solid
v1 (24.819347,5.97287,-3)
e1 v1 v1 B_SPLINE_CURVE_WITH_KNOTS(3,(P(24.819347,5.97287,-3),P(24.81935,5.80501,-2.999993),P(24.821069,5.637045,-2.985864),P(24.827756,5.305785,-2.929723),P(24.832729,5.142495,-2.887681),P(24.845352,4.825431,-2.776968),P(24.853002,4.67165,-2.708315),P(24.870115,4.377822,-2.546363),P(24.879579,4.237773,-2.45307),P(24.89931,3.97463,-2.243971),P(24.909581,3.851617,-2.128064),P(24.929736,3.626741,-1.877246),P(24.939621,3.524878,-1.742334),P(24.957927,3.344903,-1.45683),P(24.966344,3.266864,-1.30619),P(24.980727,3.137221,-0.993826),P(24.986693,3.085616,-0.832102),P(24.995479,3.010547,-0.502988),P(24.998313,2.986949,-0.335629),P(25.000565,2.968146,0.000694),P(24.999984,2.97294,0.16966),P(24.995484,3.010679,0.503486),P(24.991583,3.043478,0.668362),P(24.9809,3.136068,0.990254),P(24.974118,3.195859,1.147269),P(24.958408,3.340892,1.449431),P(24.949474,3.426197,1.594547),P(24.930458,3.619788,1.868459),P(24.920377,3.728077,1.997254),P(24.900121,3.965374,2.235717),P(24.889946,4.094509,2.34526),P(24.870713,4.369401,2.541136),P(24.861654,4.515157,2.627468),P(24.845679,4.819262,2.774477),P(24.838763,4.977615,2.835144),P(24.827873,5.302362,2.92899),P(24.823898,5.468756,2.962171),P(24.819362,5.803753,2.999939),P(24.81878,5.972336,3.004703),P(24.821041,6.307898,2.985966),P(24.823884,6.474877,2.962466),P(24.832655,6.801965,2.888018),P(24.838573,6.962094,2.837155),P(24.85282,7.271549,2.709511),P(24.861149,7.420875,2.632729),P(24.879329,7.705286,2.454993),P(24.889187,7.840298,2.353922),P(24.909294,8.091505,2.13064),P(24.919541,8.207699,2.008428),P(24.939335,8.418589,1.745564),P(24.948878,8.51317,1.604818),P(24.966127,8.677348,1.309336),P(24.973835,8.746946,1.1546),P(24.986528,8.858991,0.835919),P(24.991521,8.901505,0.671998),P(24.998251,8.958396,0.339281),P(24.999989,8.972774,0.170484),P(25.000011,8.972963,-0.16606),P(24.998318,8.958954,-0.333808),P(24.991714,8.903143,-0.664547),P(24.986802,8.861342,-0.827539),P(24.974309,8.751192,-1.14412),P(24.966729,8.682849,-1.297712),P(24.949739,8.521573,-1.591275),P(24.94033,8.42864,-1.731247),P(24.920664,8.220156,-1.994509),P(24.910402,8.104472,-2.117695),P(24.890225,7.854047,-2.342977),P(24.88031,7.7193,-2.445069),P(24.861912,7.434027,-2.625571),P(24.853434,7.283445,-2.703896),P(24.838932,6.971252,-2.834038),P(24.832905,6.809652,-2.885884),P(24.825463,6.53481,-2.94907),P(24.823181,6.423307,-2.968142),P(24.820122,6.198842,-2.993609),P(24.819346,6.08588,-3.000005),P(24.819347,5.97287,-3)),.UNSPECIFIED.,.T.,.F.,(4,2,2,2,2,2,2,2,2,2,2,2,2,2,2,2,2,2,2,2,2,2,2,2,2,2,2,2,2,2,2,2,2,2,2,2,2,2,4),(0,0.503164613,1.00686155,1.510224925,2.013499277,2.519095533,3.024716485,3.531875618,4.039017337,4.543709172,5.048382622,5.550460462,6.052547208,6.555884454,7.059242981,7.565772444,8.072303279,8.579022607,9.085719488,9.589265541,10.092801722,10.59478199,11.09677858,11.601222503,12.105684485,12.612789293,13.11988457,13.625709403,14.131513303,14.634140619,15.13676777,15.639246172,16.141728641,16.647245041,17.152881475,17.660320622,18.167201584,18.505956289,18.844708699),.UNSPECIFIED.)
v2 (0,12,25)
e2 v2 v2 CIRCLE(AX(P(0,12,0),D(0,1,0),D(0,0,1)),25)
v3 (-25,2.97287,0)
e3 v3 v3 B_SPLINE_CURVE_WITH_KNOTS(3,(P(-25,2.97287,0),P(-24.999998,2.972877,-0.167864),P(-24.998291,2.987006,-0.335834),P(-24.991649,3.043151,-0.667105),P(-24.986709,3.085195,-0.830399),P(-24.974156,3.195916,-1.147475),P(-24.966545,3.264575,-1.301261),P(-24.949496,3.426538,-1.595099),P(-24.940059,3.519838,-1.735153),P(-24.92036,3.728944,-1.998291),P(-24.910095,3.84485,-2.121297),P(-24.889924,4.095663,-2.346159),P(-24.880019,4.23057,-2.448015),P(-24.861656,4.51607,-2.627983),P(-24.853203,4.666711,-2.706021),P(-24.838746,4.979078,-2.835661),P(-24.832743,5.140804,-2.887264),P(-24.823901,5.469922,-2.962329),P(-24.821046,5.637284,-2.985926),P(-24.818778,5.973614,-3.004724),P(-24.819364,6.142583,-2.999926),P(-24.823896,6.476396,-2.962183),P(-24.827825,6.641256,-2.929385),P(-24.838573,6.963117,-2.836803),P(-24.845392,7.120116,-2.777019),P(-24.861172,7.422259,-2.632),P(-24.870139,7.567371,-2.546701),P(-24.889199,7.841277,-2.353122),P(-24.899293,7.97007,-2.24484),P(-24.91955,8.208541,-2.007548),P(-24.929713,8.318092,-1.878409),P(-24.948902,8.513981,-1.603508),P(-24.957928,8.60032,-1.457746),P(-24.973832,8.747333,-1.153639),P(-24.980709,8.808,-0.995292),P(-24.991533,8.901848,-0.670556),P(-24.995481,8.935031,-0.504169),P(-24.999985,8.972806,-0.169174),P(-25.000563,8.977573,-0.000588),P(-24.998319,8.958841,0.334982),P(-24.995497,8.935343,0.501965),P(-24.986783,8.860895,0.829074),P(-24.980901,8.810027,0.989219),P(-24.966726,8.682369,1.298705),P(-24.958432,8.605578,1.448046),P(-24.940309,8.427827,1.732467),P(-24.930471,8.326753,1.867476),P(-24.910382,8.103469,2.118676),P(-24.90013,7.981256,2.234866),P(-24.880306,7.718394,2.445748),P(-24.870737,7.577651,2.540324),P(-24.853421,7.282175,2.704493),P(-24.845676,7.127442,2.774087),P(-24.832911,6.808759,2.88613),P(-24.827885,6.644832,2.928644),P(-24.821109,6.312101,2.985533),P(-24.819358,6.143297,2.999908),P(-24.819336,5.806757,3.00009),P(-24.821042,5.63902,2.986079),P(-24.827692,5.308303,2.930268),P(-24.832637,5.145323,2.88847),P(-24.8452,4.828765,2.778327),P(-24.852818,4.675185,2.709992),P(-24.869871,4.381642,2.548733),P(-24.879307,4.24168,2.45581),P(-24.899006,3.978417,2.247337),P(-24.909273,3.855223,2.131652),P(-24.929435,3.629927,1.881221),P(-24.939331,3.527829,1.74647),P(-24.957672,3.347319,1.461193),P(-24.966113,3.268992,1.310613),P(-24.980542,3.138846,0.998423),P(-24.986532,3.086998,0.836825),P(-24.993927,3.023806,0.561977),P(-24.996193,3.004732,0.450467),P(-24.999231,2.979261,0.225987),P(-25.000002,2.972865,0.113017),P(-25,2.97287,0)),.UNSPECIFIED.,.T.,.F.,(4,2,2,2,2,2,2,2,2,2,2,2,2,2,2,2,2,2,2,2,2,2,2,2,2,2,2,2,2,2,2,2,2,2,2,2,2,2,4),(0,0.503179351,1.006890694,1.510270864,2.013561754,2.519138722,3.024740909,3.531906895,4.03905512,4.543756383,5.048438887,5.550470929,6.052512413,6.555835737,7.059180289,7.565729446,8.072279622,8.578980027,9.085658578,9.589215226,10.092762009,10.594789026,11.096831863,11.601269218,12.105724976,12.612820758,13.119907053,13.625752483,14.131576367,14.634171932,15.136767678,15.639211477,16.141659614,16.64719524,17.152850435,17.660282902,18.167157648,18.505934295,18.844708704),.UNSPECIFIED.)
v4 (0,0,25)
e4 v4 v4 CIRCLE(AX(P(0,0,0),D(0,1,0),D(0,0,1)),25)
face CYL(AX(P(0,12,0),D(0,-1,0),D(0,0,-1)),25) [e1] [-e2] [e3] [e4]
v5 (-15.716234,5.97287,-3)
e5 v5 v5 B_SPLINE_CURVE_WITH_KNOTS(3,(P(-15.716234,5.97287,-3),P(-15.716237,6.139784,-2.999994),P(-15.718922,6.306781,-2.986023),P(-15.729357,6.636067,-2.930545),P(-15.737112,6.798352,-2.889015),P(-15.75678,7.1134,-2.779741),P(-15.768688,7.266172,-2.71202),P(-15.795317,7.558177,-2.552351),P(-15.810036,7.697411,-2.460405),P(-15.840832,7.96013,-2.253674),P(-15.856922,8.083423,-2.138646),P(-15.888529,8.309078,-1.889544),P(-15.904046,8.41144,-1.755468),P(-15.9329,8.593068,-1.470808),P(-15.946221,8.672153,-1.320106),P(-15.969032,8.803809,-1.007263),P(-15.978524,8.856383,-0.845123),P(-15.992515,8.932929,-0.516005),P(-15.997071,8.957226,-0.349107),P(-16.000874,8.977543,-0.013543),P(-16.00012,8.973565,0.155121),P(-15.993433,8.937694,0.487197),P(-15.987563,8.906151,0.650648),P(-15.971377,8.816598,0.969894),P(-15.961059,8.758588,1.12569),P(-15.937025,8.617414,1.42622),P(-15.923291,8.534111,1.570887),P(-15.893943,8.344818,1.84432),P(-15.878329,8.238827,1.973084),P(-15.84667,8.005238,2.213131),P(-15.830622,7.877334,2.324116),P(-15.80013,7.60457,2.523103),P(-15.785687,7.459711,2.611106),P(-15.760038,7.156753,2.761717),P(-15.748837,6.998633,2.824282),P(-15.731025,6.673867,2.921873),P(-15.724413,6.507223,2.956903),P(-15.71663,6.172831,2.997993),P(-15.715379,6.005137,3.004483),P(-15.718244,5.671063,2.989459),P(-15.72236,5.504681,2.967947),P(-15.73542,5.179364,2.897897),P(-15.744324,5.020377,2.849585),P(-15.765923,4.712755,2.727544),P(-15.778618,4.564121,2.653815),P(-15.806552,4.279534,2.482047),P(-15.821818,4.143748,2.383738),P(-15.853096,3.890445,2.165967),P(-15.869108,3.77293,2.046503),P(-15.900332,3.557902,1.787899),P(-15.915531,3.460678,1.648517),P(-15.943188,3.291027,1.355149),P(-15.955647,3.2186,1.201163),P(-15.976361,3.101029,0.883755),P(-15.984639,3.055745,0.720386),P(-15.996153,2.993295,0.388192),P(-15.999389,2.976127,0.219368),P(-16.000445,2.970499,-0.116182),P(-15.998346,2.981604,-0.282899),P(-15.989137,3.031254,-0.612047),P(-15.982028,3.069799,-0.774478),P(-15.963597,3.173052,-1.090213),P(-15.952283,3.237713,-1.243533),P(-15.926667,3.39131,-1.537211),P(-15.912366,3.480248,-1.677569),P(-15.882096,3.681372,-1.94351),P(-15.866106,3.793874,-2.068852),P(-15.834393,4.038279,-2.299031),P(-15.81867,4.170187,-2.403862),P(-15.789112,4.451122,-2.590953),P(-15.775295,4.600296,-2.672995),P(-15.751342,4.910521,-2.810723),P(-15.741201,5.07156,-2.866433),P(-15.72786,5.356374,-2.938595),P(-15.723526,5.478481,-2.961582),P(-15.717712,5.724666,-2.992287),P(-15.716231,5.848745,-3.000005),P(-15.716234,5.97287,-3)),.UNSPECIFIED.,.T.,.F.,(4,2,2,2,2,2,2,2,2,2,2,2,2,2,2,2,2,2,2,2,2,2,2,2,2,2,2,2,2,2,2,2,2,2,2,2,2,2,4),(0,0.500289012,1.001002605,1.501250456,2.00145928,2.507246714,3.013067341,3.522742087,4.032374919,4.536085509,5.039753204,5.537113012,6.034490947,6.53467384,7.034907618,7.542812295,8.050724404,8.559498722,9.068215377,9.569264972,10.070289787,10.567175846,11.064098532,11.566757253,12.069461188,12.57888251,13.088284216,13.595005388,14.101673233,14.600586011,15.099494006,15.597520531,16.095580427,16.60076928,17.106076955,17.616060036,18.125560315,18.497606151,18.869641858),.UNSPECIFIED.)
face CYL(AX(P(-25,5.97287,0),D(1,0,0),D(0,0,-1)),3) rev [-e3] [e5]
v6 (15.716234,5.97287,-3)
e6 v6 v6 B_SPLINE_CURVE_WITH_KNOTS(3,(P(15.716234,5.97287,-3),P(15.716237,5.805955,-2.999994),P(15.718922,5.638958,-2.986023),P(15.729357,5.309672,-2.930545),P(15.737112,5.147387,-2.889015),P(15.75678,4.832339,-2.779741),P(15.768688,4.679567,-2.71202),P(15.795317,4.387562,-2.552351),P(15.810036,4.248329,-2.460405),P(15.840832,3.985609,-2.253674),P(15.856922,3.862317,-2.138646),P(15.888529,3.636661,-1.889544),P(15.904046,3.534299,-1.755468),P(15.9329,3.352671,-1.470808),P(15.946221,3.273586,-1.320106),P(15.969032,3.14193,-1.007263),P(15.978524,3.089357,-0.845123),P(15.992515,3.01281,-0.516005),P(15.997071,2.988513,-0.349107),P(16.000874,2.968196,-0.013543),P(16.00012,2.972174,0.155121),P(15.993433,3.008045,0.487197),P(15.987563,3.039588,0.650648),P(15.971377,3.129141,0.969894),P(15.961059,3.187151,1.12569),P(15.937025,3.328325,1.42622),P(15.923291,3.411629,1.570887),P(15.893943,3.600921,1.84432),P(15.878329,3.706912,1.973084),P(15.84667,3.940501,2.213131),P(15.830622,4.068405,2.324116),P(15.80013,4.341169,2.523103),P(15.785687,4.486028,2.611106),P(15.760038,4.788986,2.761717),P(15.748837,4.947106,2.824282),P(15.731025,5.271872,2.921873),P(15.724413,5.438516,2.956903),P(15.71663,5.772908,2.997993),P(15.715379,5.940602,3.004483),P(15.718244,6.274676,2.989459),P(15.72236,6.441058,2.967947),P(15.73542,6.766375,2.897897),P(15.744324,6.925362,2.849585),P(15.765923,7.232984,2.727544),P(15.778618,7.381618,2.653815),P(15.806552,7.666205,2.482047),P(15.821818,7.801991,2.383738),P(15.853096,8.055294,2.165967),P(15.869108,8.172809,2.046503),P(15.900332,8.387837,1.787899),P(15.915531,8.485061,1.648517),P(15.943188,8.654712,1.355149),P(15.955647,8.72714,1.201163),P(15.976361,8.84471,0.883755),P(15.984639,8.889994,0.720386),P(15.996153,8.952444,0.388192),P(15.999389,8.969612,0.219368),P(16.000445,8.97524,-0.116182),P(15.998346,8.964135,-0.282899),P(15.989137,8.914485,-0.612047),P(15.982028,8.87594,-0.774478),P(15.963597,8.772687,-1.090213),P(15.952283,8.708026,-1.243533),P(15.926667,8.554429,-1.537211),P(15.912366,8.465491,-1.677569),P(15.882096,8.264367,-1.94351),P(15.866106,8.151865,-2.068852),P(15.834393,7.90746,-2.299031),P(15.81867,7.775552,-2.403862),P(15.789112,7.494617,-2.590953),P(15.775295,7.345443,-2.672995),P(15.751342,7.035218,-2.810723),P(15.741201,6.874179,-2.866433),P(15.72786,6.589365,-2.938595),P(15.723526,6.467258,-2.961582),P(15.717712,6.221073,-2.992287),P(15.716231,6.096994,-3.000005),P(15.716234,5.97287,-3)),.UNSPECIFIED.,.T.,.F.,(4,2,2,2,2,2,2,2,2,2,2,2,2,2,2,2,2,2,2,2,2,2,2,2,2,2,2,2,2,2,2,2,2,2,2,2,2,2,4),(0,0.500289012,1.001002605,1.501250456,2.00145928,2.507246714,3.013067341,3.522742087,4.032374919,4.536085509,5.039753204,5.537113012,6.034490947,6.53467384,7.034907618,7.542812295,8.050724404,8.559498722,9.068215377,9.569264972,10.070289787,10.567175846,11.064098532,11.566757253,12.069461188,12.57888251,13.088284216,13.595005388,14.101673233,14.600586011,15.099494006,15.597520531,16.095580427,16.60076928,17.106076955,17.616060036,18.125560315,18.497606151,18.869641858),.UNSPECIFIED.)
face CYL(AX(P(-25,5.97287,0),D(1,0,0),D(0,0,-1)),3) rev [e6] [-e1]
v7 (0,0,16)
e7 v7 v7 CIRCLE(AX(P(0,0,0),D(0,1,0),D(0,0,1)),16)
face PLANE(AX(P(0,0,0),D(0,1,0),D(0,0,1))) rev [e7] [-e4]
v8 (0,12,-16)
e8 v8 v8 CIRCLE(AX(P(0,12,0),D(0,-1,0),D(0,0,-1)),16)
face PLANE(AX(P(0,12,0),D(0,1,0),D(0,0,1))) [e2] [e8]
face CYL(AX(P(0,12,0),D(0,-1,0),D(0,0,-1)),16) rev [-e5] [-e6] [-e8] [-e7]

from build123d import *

# Parameters (mm, degrees)
SKETCH2_R               = 25
BOSS_EXTRUDE1_DEPTH     = 12
CUT_EXTRUDE1_DEPTH      = 38.336309405
CUT_EXTRUDE1_DEPTH_BACK = 38.336309405
SKETCH3_R               = 3
CUT_EXTRUDE2_DEPTH      = 38.33630958
CUT_EXTRUDE2_DEPTH_BACK = 38.33630958
SKETCH4_R               = 16


with BuildPart() as part:
    # Sketch2 → Boss-Extrude1 (new body)
    with BuildSketch(Plane(origin=(0, 0, 0), x_dir=(1, 0, 0), z_dir=(0, 1, 0))):
        with Locations(Location((0, 0, 0), (0, 0, 270))):
            Circle(SKETCH2_R)
    extrude(amount=BOSS_EXTRUDE1_DEPTH)

    # Sketch3 → Cut-Extrude1 (cut, two sides: drawn at the far end of the back side and taken through both)
    with BuildSketch(Plane(origin=(0, 0, 0), x_dir=(0, 0, -1), z_dir=(1, 0, 0)).offset(-CUT_EXTRUDE1_DEPTH_BACK)):
        with Locations((0, 5.972869538)):
            Circle(SKETCH3_R)
    extrude(amount=CUT_EXTRUDE1_DEPTH + CUT_EXTRUDE1_DEPTH_BACK, mode=Mode.SUBTRACT)

    # Sketch4 → Cut-Extrude2 (cut, two sides: drawn at the far end of the back side and taken through both)
    with BuildSketch(Plane.XZ.offset(-CUT_EXTRUDE2_DEPTH_BACK)):
        with Locations(Location((0, 0, 0), (0, 0, 270))):
            Circle(SKETCH4_R)
    extrude(amount=CUT_EXTRUDE2_DEPTH + CUT_EXTRUDE2_DEPTH_BACK, mode=Mode.SUBTRACT)


solid = part.part
